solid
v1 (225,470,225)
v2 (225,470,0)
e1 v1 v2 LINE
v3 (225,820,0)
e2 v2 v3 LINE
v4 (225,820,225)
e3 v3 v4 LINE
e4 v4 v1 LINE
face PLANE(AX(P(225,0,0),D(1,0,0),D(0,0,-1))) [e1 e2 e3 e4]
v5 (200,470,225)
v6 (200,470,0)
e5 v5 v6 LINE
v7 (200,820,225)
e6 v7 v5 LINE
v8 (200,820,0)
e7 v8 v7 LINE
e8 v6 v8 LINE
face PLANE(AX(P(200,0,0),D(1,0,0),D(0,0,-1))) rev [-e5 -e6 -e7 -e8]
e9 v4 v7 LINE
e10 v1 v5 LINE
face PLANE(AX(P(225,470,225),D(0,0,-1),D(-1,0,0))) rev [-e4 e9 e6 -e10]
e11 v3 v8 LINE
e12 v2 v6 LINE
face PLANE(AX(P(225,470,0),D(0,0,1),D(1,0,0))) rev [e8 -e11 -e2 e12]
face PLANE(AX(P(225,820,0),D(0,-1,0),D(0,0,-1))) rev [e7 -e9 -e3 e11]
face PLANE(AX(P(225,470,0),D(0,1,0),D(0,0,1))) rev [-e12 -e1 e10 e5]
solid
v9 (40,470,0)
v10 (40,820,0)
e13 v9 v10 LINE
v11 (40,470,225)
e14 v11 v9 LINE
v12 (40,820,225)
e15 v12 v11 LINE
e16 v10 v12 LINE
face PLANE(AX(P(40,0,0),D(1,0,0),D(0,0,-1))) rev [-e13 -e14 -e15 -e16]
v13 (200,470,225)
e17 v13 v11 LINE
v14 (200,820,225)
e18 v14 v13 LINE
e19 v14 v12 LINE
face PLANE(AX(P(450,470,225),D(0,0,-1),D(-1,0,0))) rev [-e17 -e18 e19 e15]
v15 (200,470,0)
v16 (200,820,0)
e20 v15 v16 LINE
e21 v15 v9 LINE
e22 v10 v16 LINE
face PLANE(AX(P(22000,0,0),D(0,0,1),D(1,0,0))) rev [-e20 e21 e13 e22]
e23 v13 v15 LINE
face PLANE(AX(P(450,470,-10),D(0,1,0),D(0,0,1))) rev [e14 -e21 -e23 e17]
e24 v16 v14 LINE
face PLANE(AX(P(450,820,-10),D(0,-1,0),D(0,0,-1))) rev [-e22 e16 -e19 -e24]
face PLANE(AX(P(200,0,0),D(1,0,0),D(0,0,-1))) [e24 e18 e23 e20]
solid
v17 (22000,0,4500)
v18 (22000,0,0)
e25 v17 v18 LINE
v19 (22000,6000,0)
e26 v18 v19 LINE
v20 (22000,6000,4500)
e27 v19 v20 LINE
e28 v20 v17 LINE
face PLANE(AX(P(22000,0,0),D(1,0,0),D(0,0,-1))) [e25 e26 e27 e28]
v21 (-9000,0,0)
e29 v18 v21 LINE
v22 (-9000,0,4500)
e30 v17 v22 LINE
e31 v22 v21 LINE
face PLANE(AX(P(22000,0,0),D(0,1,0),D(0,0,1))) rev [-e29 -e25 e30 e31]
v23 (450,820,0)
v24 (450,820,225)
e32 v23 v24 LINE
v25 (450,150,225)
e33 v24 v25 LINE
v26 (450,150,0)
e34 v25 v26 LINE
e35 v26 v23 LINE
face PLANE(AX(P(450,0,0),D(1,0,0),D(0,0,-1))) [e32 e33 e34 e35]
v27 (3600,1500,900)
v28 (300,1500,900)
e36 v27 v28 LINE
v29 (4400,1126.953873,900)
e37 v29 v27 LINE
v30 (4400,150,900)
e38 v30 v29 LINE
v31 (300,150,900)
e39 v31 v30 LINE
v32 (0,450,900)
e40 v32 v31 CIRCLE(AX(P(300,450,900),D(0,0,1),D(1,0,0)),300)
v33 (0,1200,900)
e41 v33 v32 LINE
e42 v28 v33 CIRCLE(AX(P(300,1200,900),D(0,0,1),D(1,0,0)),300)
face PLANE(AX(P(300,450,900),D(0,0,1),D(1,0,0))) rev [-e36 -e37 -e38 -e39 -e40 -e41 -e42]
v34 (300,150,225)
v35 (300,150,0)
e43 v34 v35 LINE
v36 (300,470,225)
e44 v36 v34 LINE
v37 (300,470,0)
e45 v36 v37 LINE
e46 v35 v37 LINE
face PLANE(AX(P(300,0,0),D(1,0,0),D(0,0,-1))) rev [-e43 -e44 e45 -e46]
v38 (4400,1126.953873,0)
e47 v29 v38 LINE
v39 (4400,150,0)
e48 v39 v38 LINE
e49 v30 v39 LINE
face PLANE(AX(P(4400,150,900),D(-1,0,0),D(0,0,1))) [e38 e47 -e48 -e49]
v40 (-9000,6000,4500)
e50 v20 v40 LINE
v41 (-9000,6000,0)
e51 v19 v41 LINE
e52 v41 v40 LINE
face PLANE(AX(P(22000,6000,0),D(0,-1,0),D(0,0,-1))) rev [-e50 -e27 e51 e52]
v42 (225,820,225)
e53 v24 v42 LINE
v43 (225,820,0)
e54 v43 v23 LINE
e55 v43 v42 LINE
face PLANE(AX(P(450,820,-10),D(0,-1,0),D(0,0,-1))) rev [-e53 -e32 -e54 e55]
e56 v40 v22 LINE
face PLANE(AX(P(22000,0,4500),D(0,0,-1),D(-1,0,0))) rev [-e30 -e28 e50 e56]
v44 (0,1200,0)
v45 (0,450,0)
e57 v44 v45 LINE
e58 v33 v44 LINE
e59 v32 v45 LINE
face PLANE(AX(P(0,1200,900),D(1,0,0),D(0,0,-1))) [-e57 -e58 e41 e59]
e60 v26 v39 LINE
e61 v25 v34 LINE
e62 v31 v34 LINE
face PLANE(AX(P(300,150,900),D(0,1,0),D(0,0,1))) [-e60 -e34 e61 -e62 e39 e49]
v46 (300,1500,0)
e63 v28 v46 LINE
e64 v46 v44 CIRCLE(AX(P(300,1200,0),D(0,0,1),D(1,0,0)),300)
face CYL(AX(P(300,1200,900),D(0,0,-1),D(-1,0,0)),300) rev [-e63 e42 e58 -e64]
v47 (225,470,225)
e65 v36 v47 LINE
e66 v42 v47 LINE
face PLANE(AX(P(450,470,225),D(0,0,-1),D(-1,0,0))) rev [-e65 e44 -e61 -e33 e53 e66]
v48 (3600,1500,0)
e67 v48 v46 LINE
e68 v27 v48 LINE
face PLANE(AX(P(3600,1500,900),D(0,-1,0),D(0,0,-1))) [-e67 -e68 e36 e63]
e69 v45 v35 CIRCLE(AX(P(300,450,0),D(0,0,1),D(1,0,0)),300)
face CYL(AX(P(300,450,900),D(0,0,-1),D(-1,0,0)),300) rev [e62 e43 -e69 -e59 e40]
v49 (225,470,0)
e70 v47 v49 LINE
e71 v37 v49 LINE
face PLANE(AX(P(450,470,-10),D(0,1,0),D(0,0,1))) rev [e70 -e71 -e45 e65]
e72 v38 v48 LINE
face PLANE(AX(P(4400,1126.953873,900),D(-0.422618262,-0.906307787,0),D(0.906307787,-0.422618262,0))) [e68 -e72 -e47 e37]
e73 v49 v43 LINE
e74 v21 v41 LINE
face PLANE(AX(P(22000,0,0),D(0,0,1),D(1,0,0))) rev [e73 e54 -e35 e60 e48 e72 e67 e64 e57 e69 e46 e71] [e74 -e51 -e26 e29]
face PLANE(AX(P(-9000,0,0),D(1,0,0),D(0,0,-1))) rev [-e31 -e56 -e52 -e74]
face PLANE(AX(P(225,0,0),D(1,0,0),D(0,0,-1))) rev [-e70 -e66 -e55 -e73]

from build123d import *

# Parameters (mm, degrees)
CAR_BODY_DEPTH      = 900
GRILLE_DUCT_START   = 40
SKETCH2_W           = 235
SKETCH2_H           = 350
GRILLE_DUCT_DEPTH   = 410
FLOOR_EXIT_START    = 300
SKETCH3_W           = 235
SKETCH3_H           = 375
FLOOR_EXIT_DEPTH    = 150
RADIATOR_START      = 200
SKETCH4_W           = 225
SKETCH4_H           = 350
RADIATOR_DEPTH      = 25
RADIATOR_TOOL_START = 200
SKETCH5_W           = 225
SKETCH5_H           = 350
RADIATOR_TOOL_DEPTH = 25
FLUID_DOMAIN_START  = -9000
SKETCH6_W           = 4500
SKETCH6_H           = 6000
FLUID_DOMAIN_DEPTH  = 31000


with BuildPart() as part:
    # Sketch1 → car_body (new body)
    with BuildSketch(Plane.XY):
        with BuildLine():
            Line((300, 150), (4400, 150))
            Line((4400, 150), (4400, 1126.953873476))
            Line((4400, 1126.953873476), (3600, 1500))
            Line((3600, 1500), (300, 1500))
            ThreePointArc((300, 1500), (87.867965644, 1412.132034356), (0, 1200))
            Line((0, 1200), (0, 450))
            ThreePointArc((0, 450), (87.867965644, 237.867965644), (300, 150))
        make_face()
    extrude(amount=CAR_BODY_DEPTH)


with BuildPart() as body_2:
    # Sketch2 → grille_duct (new body)
    with BuildSketch(Plane(origin=(0, 0, 0), x_dir=(0, 0, -1), z_dir=(1, 0, 0)).offset(GRILLE_DUCT_START)):
        with Locations((-107.5, 645)):
            Rectangle(SKETCH2_W, SKETCH2_H)
    extrude(amount=GRILLE_DUCT_DEPTH)


with BuildPart() as part_1:
    add(part.part)

    # Combine1: cut body 2
    add(body_2.part, mode=Mode.SUBTRACT)


with BuildPart() as body_2_2:
    # Sketch3 → floor_exit (new body)
    with BuildSketch(Plane(origin=(0, 0, 0), x_dir=(0, 0, -1), z_dir=(1, 0, 0)).offset(FLOOR_EXIT_START)):
        with Locations((-107.5, 287.5)):
            Rectangle(SKETCH3_W, SKETCH3_H)
    extrude(amount=FLOOR_EXIT_DEPTH)


with BuildPart() as part_2:
    add(part_1.part)

    # Combine2: cut body 2 2
    add(body_2_2.part, mode=Mode.SUBTRACT)


with BuildPart() as body_2_3:
    # Sketch4 → radiator (new body)
    with BuildSketch(Plane(origin=(0, 0, 0), x_dir=(0, 0, -1), z_dir=(1, 0, 0)).offset(RADIATOR_START)):
        with Locations((-112.5, 645)):
            Rectangle(SKETCH4_W, SKETCH4_H)
    extrude(amount=RADIATOR_DEPTH)


with BuildPart() as body_3:
    # Sketch5 → radiator_tool (new body)
    with BuildSketch(Plane(origin=(0, 0, 0), x_dir=(0, 0, -1), z_dir=(1, 0, 0)).offset(RADIATOR_TOOL_START)):
        with Locations((-112.5, 645)):
            Rectangle(SKETCH5_W, SKETCH5_H)
    extrude(amount=RADIATOR_TOOL_DEPTH)


with BuildPart() as body_4:
    # Sketch6 → fluid_domain (new body)
    with BuildSketch(Plane(origin=(0, 0, 0), x_dir=(0, 0, -1), z_dir=(1, 0, 0)).offset(FLUID_DOMAIN_START)):
        with Locations((-2250, 3000)):
            Rectangle(SKETCH6_W, SKETCH6_H)
    extrude(amount=FLUID_DOMAIN_DEPTH)

    # Combine3: cut part
    add(part_2.part, mode=Mode.SUBTRACT)

    # Combine4: cut body 3
    add(body_3.part, mode=Mode.SUBTRACT)


solid = Compound([body_2_3.part, body_4.part])
